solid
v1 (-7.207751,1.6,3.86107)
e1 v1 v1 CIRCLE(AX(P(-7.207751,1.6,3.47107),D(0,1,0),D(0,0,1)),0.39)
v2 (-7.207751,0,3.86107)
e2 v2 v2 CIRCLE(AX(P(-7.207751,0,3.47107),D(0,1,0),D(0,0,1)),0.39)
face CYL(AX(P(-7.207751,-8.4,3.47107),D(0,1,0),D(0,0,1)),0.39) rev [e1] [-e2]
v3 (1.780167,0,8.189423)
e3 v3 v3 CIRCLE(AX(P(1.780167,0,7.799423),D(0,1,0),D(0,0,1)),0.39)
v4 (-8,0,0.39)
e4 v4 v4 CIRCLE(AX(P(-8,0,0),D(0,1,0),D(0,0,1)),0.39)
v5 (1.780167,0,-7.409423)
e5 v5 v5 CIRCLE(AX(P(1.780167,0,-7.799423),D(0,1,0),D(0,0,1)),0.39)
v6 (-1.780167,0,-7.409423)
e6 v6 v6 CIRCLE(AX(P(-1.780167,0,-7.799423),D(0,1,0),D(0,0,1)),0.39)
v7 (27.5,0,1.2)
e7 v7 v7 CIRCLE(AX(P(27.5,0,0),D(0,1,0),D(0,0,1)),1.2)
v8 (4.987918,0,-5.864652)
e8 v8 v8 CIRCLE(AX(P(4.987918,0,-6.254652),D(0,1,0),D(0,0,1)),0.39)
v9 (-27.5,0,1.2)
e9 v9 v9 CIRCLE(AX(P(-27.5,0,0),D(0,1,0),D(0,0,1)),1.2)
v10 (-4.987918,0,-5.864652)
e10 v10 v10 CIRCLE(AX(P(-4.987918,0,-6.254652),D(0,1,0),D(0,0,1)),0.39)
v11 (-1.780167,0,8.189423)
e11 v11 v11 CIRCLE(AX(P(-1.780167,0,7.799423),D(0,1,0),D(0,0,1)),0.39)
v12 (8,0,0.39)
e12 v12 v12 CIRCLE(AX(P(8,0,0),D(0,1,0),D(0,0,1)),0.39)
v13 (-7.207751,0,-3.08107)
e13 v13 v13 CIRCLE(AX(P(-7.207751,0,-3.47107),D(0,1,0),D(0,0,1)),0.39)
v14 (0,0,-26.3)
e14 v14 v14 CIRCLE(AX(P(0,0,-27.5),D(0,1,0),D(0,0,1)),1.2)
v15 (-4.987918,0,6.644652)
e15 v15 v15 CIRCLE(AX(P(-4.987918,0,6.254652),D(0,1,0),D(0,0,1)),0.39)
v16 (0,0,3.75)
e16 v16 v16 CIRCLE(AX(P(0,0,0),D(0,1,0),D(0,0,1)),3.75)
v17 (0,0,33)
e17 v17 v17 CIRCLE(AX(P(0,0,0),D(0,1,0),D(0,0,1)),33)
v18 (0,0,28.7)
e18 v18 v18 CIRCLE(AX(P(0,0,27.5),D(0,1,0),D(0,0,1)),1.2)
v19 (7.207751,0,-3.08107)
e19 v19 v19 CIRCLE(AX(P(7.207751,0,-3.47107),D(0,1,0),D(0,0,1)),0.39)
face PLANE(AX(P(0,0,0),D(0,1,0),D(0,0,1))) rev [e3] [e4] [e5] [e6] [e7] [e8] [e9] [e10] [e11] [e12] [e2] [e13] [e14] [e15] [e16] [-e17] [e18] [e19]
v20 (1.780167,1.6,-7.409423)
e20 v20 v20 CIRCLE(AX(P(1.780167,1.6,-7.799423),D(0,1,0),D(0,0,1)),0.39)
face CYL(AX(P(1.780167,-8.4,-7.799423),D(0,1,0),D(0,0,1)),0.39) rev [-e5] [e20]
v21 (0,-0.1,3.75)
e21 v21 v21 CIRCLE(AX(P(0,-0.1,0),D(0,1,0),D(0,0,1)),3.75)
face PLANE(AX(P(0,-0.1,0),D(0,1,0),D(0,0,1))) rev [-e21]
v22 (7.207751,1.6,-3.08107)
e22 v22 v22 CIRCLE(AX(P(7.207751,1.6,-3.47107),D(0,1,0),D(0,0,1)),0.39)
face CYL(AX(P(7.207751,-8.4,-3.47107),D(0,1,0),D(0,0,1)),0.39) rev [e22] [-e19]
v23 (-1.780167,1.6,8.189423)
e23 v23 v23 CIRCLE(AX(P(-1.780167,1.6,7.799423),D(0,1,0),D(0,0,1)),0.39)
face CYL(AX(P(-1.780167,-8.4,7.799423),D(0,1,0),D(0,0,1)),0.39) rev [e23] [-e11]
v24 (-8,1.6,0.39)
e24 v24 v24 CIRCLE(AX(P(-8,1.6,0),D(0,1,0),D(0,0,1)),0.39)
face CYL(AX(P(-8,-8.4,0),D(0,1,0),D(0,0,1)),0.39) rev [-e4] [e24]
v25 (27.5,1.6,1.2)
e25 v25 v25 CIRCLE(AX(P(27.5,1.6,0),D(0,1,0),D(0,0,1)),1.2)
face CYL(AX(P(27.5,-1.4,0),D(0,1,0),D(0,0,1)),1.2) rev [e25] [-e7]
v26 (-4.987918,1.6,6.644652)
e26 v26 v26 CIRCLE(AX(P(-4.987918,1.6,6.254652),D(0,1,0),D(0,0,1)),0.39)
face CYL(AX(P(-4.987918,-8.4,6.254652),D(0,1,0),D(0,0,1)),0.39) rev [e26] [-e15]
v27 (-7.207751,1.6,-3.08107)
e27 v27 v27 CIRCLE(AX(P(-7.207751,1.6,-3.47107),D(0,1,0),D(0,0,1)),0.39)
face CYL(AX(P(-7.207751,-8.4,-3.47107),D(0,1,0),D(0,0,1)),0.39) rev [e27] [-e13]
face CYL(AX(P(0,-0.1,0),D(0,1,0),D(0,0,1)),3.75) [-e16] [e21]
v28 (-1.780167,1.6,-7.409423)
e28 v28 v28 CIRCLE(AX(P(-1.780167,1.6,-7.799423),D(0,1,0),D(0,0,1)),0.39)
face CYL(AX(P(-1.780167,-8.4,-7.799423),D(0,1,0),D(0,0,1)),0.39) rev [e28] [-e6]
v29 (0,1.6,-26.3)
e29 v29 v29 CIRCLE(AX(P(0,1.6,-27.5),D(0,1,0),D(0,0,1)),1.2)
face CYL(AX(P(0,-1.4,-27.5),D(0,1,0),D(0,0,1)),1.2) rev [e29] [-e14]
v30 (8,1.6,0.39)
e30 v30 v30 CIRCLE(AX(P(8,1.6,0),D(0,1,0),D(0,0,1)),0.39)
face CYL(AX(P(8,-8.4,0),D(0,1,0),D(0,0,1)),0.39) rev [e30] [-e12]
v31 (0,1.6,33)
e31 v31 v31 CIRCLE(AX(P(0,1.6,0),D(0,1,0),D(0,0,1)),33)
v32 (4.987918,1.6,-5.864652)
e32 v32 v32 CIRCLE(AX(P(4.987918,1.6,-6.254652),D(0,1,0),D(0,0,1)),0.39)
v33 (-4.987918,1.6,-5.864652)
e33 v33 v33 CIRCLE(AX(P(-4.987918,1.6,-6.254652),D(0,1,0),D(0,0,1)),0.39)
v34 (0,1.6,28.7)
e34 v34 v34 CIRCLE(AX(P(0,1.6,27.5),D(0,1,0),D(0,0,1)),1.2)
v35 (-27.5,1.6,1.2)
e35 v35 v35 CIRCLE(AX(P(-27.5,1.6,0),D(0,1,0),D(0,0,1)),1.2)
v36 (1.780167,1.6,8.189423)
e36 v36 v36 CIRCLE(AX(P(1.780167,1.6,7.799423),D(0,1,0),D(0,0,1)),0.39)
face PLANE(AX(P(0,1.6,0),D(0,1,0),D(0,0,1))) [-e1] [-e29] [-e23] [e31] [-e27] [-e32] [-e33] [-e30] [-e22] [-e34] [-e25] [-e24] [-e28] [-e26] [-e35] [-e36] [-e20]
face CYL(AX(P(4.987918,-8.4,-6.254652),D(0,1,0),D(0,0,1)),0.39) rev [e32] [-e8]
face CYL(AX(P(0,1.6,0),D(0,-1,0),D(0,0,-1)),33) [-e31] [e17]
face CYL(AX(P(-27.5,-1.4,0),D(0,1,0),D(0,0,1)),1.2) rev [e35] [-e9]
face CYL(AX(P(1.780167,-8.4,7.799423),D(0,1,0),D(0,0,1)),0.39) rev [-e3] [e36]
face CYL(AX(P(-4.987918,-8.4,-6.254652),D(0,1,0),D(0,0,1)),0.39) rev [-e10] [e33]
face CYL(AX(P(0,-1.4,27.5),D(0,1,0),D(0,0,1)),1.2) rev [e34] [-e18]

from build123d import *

# Parameters (mm, degrees)
SKETCH1_R           = 33
BOSS_EXTRUDE1_DEPTH = 1.6
SKETCH2_R           = 1.2
CUT_EXTRUDE1_DEPTH  = 3
SKETCH3_R           = 3.75
CUT_EXTRUDE2_DEPTH  = 3
SKETCH5_R           = 0.39
CUT_EXTRUDE4_DEPTH  = 10
SKETCH6_R           = 3.75
BOSS_EXTRUDE2_DEPTH = 1.7


with BuildPart() as part:
    # Sketch1 → Boss-Extrude1 (new body)
    with BuildSketch(Plane(origin=(0, 0, 0), x_dir=(1, 0, 0), z_dir=(0, 1, 0))):
        with Locations(Location((0, 0, 0), (0, 0, 270))):
            Circle(SKETCH1_R)
    extrude(amount=BOSS_EXTRUDE1_DEPTH)

    # Sketch2 → Cut-Extrude1 (cut)
    with BuildSketch(Plane(origin=(0, 1.6, 0), x_dir=(1, 0, 0), z_dir=(0, 1, 0))):
        with Locations(Location((0, 27.5, 0), (0, 0, 270))):
            Circle(SKETCH2_R)
        with Locations(Location((27.5, 0, 0), (0, 0, 270))):
            Circle(SKETCH2_R)
        with Locations(Location((0, -27.5, 0), (0, 0, 270))):
            Circle(SKETCH2_R)
        with Locations(Location((-27.5, 0, 0), (0, 0, 270))):
            Circle(SKETCH2_R)
    extrude(amount=-CUT_EXTRUDE1_DEPTH, mode=Mode.SUBTRACT)

    # Sketch3 → Cut-Extrude2 (cut)
    with BuildSketch(Plane(origin=(0, 1.6, 0), x_dir=(1, 0, 0), z_dir=(0, 1, 0))):
        with Locations(Location((0, 0, 0), (0, 0, 270))):
            Circle(SKETCH3_R)
    extrude(amount=-CUT_EXTRUDE2_DEPTH, mode=Mode.SUBTRACT)

    # Sketch5 → Cut-Extrude4 (cut)
    with BuildSketch(Plane(origin=(0, 1.6, 0), x_dir=(1, 0, 0), z_dir=(0, 1, 0))):
        with Locations(Location((-1.780167472, 7.799423297, 0), (0, 0, 270))):
            Circle(SKETCH5_R)
        with Locations(Location((1.780167472, 7.799423297, 0), (0, 0, 270))):
            Circle(SKETCH5_R)
        with Locations(Location((4.987918415, 6.25465186, 0), (0, 0, 270))):
            Circle(SKETCH5_R)
        with Locations(Location((7.207750943, 3.471069913, 0), (0, 0, 270))):
            Circle(SKETCH5_R)
        with Locations(Location((8, 0, 0), (0, 0, 270))):
            Circle(SKETCH5_R)
        with Locations(Location((1.780167472, -7.799423297, 0), (0, 0, 270))):
            Circle(SKETCH5_R)
        with Locations(Location((-1.780167472, -7.799423297, 0), (0, 0, 270))):
            Circle(SKETCH5_R)
        with Locations(Location((-4.987918415, -6.25465186, 0), (0, 0, 270))):
            Circle(SKETCH5_R)
        with Locations(Location((-7.207750943, -3.471069913, 0), (0, 0, 270))):
            Circle(SKETCH5_R)
        with Locations(Location((-8, 0, 0), (0, 0, 270))):
            Circle(SKETCH5_R)
        with Locations(Location((-7.207750943, 3.471069913, 0), (0, 0, 270))):
            Circle(SKETCH5_R)
        with Locations(Location((-4.987918415, 6.25465186, 0), (0, 0, 270))):
            Circle(SKETCH5_R)
    extrude(amount=-CUT_EXTRUDE4_DEPTH, mode=Mode.SUBTRACT)

    # Sketch6 → Boss-Extrude2 (add)
    with BuildSketch(Plane(origin=(0, 1.6, 0), x_dir=(1, 0, 0), z_dir=(0, 1, 0))):
        with Locations(Location((0, 0, 0), (0, 0, 270))):
            Circle(SKETCH6_R)
    extrude(amount=-BOSS_EXTRUDE2_DEPTH)


solid = part.part
